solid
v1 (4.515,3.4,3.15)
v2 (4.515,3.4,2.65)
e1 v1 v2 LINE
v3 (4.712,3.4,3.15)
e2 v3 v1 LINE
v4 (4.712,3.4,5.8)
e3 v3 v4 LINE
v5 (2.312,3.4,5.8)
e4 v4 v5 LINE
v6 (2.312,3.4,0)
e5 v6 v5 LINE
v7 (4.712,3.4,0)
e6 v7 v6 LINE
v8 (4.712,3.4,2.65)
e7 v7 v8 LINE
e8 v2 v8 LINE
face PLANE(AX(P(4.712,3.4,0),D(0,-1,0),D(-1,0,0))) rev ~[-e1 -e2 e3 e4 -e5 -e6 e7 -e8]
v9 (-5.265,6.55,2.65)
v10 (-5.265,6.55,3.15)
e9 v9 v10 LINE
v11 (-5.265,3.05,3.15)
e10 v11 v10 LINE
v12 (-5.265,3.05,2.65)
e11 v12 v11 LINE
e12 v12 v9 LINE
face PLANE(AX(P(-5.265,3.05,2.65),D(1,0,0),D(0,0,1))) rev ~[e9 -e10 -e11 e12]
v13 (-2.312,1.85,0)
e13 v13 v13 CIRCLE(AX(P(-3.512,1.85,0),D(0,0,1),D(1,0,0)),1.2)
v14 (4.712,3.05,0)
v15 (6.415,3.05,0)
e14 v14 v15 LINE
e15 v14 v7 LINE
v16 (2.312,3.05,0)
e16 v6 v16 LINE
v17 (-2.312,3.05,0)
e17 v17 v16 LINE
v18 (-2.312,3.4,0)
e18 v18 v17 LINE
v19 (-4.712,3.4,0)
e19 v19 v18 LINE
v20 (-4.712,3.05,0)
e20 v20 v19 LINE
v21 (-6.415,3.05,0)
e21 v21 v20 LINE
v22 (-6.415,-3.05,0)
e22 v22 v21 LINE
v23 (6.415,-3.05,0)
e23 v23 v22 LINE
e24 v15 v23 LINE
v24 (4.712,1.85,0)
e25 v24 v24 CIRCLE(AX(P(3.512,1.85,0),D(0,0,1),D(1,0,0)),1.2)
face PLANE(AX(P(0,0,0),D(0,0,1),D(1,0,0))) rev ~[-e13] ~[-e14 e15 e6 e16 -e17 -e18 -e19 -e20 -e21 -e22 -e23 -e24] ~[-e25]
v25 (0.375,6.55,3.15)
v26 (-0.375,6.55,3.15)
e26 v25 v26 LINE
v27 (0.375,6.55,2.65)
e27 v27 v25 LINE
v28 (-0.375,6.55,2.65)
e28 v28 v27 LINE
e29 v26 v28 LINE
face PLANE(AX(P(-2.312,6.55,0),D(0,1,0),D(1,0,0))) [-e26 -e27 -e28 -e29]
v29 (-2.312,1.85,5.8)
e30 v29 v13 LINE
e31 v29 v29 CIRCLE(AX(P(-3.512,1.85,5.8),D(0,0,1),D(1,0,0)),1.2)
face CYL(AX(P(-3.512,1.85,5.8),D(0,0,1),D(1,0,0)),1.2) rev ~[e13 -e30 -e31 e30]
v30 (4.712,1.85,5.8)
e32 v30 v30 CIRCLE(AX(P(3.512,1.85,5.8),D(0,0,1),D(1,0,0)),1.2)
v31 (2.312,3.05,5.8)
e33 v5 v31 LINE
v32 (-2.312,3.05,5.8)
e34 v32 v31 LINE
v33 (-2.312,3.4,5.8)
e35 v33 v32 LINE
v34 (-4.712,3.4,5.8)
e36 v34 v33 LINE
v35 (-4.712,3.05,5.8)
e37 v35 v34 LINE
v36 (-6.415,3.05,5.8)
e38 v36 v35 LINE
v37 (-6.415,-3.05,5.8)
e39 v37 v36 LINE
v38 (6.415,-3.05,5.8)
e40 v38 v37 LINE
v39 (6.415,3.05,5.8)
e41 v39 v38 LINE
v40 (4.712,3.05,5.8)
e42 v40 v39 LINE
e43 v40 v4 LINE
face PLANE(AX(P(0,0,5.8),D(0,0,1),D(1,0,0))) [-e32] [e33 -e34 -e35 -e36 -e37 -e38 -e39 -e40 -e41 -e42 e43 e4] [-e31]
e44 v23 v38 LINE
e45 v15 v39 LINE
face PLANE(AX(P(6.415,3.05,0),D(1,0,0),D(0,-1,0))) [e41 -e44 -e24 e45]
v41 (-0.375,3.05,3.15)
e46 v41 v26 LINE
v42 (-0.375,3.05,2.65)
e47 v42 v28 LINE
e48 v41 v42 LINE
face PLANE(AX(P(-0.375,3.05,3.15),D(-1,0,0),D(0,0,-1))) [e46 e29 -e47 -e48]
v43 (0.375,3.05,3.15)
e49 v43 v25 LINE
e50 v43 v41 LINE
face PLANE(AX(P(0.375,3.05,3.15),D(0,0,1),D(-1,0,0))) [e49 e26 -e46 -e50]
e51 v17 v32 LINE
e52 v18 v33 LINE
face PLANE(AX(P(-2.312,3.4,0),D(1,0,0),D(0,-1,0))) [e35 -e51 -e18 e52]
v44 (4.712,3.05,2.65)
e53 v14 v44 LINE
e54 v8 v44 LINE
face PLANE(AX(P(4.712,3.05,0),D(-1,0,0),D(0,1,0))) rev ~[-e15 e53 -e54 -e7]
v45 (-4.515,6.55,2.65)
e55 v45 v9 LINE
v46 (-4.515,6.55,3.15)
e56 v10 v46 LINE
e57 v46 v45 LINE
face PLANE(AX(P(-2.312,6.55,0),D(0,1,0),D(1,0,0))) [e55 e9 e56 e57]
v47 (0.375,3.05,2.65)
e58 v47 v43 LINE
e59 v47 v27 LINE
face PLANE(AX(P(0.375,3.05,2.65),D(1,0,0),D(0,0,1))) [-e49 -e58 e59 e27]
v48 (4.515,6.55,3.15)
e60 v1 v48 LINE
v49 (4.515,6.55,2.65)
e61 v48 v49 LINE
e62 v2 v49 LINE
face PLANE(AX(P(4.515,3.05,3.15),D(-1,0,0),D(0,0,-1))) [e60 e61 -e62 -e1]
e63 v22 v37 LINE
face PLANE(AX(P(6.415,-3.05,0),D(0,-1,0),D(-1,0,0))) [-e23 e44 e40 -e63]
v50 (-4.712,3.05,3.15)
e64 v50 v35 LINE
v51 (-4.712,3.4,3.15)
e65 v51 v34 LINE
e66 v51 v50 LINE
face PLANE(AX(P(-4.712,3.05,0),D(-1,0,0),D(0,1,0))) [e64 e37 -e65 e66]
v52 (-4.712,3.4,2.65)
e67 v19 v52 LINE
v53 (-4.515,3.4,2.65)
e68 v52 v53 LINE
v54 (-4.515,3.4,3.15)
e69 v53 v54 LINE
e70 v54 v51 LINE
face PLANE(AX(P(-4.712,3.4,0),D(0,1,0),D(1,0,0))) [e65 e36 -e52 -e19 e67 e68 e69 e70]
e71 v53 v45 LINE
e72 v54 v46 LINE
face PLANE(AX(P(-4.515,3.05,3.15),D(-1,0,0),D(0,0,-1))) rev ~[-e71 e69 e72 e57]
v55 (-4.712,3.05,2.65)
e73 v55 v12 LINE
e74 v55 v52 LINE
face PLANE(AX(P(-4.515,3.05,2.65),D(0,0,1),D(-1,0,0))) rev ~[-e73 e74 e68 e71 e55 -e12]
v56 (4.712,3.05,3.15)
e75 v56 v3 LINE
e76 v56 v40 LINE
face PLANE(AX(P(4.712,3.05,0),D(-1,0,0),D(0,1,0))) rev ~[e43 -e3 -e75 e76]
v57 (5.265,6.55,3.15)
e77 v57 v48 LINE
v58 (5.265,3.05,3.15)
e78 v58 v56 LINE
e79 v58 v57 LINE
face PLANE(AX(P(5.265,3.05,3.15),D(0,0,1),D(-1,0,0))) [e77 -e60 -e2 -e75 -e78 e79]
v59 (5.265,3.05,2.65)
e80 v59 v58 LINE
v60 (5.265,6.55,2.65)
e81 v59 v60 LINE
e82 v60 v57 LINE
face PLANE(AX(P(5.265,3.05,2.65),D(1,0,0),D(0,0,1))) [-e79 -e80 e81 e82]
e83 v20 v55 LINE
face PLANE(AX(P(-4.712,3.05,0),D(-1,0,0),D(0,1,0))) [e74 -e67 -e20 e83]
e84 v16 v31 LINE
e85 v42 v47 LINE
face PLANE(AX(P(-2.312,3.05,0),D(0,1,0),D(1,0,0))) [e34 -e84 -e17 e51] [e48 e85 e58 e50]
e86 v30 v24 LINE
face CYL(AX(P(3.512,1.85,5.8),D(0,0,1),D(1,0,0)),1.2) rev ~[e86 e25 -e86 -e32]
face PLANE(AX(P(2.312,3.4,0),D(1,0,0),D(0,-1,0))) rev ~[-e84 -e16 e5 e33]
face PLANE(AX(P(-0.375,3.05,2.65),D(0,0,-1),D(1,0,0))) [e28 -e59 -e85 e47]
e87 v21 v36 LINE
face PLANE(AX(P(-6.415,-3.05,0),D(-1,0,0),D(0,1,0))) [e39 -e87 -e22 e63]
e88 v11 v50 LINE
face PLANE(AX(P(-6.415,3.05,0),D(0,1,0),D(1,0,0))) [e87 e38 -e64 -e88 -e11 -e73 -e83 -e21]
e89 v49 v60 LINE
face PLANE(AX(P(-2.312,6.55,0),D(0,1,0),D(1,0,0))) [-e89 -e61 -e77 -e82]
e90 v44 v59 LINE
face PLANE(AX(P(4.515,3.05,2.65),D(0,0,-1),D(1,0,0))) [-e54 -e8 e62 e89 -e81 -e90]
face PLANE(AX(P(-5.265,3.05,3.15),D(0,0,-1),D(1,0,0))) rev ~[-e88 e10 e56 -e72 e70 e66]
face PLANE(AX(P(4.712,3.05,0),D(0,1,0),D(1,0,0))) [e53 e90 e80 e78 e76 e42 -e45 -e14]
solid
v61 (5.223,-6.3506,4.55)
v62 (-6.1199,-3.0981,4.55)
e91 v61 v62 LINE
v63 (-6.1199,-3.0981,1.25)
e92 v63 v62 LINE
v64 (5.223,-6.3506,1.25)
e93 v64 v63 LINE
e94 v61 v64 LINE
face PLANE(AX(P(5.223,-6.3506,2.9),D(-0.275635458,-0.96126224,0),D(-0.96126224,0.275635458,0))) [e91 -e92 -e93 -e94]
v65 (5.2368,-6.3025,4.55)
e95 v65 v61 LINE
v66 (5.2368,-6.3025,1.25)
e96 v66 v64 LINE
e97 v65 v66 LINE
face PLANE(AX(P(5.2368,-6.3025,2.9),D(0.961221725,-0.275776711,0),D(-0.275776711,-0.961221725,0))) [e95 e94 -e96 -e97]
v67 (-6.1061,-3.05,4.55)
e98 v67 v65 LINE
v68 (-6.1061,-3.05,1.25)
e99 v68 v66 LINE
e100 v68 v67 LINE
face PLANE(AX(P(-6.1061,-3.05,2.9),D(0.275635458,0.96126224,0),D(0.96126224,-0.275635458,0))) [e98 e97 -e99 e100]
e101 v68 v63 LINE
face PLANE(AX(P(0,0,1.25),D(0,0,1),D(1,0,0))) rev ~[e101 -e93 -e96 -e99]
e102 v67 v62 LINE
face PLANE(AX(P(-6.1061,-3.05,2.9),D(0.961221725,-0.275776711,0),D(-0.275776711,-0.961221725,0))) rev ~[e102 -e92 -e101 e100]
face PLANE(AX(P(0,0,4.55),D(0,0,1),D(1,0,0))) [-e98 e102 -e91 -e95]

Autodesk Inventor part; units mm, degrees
ref_plane "YZ Plane" through (0, 0, 0) normal (1, 0, 0) x (0, 1, 0)
ref_plane "XZ Plane" through (0, 0, 0) normal (0, 1, 0) x (-1, 0, 0)
sketch "Sketch1" plane through (0, 0, 0) normal (0, 0, 1) x (1, 0, 0)
  line L0 (6.415, 3.05) -> (6.415, -3.05)
  line L1 (6.415, -3.05) -> (-6.415, -3.05)
  line L2 (-6.415, -3.05) -> (-6.415, 3.05)
  line L3 (-4.712, 3.05) -> (-4.712, 3.4)
  line L4 (-4.712, 3.4) -> (-2.312, 3.4)
  line L5 (-2.312, 3.4) -> (-2.312, 3.05)
  line L6 (-6.415, 3.05) -> (-4.712, 3.05)
  line L7 (0, -4.34) -> (0, 4.69) construction
  line L8 (4.712, 3.05) -> (4.712, 3.4)
  line L9 (4.712, 3.4) -> (2.312, 3.4)
  line L10 (2.312, 3.4) -> (2.312, 3.05)
  line L11 (-2.312, 3.05) -> (2.312, 3.05)
  line L12 (4.712, 3.05) -> (6.415, 3.05)
  point P0 (0, 0)
  point P1 (0, 3.05)
  point P2 (6.415, 0)
  dimension "d0" = 12.83
  dimension "d1" = 6.1
  dimension "d4" = 0.35
  dimension "d5" = 2.4
extrude "Extrusion1" add sketch "Sketch1" along normal blind 5.8
sketch "Sketch2" plane through (0, 0, 5.8) normal (0, 0, 1) x (1, 0, 0)
  circle A0 centre (-3.512, 1.85) radius 1.2
  line L0 (-2.312, 3.4) -> (-4.712, 3.4) construction
  line L1 (0, -4.34) -> (0, 4.69) construction
  line L2 (2.312, 3.05) -> (-2.312, 3.05) projected
  circle A1 centre (3.512, 1.85) radius 1.2
  line L3 (-4.712, 3.4) -> (-4.712, 3.05) projected
  line L4 (-2.312, 3.05) -> (-2.312, 3.4) projected
  point P0 (0, 0)
  point P1 (-3.512, 3.4)
extrude "Extrusion2" cut sketch "Sketch2" against normal through all
sketch "Sketch3" plane through (-2.312, 3.05, 0) normal (0, 1, 0) x (1, 0, 0)
  line L0 (6.827, -2.65) -> (7.577, -2.65)
  line L1 (7.577, -2.65) -> (7.577, -3.15)
  line L2 (7.577, -3.15) -> (6.827, -3.15)
  line L3 (6.827, -3.15) -> (6.827, -2.65)
  line L4 (8.727, 0) -> (7.024, 0) construction
  line L5 (8.727, 0) -> (8.727, -5.8) construction
  line L6 (-2.203, -2.65) -> (-2.953, -2.65)
  line L7 (-2.953, -2.65) -> (-2.953, -3.15)
  line L8 (-2.953, -3.15) -> (-2.203, -3.15)
  line L9 (-2.203, -3.15) -> (-2.203, -2.65)
  line L10 (1.937, -2.65) -> (2.687, -2.65)
  line L11 (2.687, -2.65) -> (2.687, -3.15)
  line L12 (2.687, -3.15) -> (1.937, -3.15)
  line L13 (1.937, -3.15) -> (1.937, -2.65)
  line L14 (-6.669, 0) -> (11.293, 0) construction
  line L15 (-4.103, 0) -> (-4.103, -5.8) projected
  line L16 (-4.103, -2.9) -> (8.727, -2.9) construction
  line L17 (2.312, 0) -> (2.312, -5.8) construction
  line L18 (-4.103, -5.8) -> (8.727, -5.8) construction
  point P0 (7.577, -2.9)
  point P1 (2.687, -2.9)
  point P2 (2.312, -2.9)
  point P3 (2.312, -2.9)
  point P4 (-2.953, -2.9)
  point P5 (2.312, -2.65)
  dimension "d10" = 0.75
  dimension "d11" = 0.5
  dimension "d12" = 1.15
extrude "Extrusion3" add sketch "Sketch3" along normal blind 3.5
ref_plane "Work Plane1" through (0, 0, 2.9) normal (0, 0, 1) x (1, 0, 0)
sketch "Sketch5" plane through (0, 0, 2.9) normal (0, 0, 1) x (1, 0, 0)
  line L0 (-6.415, -3.05) -> (6.415, -3.05) construction
  line L1 (-6.1061, -3.05) -> (5.2368, -6.3025)
  line L2 (-6.1061, -3.05) -> (5.6939, -3.05) construction
  line L3 (5.2368, -6.3025) -> (5.223, -6.3506)
  line L4 (5.2368, -6.3025) -> (5.2868, -6.3025) construction
  line L5 (5.223, -6.3506) -> (-6.1199, -3.0981)
  line L6 (-6.1061, -3.05) -> (-6.1199, -3.0981)
  point P0 (0, 0)
  dimension "d17" = 11.8
  dimension "d18" = 16
  dimension "d19" = 0.05
  dimension "d20" = 106
  dimension "d21" = 11.8
extrude "Extrusion4" add sketch "Sketch5" along normal mid plane 3.3
properties part number "EndSwitch"
